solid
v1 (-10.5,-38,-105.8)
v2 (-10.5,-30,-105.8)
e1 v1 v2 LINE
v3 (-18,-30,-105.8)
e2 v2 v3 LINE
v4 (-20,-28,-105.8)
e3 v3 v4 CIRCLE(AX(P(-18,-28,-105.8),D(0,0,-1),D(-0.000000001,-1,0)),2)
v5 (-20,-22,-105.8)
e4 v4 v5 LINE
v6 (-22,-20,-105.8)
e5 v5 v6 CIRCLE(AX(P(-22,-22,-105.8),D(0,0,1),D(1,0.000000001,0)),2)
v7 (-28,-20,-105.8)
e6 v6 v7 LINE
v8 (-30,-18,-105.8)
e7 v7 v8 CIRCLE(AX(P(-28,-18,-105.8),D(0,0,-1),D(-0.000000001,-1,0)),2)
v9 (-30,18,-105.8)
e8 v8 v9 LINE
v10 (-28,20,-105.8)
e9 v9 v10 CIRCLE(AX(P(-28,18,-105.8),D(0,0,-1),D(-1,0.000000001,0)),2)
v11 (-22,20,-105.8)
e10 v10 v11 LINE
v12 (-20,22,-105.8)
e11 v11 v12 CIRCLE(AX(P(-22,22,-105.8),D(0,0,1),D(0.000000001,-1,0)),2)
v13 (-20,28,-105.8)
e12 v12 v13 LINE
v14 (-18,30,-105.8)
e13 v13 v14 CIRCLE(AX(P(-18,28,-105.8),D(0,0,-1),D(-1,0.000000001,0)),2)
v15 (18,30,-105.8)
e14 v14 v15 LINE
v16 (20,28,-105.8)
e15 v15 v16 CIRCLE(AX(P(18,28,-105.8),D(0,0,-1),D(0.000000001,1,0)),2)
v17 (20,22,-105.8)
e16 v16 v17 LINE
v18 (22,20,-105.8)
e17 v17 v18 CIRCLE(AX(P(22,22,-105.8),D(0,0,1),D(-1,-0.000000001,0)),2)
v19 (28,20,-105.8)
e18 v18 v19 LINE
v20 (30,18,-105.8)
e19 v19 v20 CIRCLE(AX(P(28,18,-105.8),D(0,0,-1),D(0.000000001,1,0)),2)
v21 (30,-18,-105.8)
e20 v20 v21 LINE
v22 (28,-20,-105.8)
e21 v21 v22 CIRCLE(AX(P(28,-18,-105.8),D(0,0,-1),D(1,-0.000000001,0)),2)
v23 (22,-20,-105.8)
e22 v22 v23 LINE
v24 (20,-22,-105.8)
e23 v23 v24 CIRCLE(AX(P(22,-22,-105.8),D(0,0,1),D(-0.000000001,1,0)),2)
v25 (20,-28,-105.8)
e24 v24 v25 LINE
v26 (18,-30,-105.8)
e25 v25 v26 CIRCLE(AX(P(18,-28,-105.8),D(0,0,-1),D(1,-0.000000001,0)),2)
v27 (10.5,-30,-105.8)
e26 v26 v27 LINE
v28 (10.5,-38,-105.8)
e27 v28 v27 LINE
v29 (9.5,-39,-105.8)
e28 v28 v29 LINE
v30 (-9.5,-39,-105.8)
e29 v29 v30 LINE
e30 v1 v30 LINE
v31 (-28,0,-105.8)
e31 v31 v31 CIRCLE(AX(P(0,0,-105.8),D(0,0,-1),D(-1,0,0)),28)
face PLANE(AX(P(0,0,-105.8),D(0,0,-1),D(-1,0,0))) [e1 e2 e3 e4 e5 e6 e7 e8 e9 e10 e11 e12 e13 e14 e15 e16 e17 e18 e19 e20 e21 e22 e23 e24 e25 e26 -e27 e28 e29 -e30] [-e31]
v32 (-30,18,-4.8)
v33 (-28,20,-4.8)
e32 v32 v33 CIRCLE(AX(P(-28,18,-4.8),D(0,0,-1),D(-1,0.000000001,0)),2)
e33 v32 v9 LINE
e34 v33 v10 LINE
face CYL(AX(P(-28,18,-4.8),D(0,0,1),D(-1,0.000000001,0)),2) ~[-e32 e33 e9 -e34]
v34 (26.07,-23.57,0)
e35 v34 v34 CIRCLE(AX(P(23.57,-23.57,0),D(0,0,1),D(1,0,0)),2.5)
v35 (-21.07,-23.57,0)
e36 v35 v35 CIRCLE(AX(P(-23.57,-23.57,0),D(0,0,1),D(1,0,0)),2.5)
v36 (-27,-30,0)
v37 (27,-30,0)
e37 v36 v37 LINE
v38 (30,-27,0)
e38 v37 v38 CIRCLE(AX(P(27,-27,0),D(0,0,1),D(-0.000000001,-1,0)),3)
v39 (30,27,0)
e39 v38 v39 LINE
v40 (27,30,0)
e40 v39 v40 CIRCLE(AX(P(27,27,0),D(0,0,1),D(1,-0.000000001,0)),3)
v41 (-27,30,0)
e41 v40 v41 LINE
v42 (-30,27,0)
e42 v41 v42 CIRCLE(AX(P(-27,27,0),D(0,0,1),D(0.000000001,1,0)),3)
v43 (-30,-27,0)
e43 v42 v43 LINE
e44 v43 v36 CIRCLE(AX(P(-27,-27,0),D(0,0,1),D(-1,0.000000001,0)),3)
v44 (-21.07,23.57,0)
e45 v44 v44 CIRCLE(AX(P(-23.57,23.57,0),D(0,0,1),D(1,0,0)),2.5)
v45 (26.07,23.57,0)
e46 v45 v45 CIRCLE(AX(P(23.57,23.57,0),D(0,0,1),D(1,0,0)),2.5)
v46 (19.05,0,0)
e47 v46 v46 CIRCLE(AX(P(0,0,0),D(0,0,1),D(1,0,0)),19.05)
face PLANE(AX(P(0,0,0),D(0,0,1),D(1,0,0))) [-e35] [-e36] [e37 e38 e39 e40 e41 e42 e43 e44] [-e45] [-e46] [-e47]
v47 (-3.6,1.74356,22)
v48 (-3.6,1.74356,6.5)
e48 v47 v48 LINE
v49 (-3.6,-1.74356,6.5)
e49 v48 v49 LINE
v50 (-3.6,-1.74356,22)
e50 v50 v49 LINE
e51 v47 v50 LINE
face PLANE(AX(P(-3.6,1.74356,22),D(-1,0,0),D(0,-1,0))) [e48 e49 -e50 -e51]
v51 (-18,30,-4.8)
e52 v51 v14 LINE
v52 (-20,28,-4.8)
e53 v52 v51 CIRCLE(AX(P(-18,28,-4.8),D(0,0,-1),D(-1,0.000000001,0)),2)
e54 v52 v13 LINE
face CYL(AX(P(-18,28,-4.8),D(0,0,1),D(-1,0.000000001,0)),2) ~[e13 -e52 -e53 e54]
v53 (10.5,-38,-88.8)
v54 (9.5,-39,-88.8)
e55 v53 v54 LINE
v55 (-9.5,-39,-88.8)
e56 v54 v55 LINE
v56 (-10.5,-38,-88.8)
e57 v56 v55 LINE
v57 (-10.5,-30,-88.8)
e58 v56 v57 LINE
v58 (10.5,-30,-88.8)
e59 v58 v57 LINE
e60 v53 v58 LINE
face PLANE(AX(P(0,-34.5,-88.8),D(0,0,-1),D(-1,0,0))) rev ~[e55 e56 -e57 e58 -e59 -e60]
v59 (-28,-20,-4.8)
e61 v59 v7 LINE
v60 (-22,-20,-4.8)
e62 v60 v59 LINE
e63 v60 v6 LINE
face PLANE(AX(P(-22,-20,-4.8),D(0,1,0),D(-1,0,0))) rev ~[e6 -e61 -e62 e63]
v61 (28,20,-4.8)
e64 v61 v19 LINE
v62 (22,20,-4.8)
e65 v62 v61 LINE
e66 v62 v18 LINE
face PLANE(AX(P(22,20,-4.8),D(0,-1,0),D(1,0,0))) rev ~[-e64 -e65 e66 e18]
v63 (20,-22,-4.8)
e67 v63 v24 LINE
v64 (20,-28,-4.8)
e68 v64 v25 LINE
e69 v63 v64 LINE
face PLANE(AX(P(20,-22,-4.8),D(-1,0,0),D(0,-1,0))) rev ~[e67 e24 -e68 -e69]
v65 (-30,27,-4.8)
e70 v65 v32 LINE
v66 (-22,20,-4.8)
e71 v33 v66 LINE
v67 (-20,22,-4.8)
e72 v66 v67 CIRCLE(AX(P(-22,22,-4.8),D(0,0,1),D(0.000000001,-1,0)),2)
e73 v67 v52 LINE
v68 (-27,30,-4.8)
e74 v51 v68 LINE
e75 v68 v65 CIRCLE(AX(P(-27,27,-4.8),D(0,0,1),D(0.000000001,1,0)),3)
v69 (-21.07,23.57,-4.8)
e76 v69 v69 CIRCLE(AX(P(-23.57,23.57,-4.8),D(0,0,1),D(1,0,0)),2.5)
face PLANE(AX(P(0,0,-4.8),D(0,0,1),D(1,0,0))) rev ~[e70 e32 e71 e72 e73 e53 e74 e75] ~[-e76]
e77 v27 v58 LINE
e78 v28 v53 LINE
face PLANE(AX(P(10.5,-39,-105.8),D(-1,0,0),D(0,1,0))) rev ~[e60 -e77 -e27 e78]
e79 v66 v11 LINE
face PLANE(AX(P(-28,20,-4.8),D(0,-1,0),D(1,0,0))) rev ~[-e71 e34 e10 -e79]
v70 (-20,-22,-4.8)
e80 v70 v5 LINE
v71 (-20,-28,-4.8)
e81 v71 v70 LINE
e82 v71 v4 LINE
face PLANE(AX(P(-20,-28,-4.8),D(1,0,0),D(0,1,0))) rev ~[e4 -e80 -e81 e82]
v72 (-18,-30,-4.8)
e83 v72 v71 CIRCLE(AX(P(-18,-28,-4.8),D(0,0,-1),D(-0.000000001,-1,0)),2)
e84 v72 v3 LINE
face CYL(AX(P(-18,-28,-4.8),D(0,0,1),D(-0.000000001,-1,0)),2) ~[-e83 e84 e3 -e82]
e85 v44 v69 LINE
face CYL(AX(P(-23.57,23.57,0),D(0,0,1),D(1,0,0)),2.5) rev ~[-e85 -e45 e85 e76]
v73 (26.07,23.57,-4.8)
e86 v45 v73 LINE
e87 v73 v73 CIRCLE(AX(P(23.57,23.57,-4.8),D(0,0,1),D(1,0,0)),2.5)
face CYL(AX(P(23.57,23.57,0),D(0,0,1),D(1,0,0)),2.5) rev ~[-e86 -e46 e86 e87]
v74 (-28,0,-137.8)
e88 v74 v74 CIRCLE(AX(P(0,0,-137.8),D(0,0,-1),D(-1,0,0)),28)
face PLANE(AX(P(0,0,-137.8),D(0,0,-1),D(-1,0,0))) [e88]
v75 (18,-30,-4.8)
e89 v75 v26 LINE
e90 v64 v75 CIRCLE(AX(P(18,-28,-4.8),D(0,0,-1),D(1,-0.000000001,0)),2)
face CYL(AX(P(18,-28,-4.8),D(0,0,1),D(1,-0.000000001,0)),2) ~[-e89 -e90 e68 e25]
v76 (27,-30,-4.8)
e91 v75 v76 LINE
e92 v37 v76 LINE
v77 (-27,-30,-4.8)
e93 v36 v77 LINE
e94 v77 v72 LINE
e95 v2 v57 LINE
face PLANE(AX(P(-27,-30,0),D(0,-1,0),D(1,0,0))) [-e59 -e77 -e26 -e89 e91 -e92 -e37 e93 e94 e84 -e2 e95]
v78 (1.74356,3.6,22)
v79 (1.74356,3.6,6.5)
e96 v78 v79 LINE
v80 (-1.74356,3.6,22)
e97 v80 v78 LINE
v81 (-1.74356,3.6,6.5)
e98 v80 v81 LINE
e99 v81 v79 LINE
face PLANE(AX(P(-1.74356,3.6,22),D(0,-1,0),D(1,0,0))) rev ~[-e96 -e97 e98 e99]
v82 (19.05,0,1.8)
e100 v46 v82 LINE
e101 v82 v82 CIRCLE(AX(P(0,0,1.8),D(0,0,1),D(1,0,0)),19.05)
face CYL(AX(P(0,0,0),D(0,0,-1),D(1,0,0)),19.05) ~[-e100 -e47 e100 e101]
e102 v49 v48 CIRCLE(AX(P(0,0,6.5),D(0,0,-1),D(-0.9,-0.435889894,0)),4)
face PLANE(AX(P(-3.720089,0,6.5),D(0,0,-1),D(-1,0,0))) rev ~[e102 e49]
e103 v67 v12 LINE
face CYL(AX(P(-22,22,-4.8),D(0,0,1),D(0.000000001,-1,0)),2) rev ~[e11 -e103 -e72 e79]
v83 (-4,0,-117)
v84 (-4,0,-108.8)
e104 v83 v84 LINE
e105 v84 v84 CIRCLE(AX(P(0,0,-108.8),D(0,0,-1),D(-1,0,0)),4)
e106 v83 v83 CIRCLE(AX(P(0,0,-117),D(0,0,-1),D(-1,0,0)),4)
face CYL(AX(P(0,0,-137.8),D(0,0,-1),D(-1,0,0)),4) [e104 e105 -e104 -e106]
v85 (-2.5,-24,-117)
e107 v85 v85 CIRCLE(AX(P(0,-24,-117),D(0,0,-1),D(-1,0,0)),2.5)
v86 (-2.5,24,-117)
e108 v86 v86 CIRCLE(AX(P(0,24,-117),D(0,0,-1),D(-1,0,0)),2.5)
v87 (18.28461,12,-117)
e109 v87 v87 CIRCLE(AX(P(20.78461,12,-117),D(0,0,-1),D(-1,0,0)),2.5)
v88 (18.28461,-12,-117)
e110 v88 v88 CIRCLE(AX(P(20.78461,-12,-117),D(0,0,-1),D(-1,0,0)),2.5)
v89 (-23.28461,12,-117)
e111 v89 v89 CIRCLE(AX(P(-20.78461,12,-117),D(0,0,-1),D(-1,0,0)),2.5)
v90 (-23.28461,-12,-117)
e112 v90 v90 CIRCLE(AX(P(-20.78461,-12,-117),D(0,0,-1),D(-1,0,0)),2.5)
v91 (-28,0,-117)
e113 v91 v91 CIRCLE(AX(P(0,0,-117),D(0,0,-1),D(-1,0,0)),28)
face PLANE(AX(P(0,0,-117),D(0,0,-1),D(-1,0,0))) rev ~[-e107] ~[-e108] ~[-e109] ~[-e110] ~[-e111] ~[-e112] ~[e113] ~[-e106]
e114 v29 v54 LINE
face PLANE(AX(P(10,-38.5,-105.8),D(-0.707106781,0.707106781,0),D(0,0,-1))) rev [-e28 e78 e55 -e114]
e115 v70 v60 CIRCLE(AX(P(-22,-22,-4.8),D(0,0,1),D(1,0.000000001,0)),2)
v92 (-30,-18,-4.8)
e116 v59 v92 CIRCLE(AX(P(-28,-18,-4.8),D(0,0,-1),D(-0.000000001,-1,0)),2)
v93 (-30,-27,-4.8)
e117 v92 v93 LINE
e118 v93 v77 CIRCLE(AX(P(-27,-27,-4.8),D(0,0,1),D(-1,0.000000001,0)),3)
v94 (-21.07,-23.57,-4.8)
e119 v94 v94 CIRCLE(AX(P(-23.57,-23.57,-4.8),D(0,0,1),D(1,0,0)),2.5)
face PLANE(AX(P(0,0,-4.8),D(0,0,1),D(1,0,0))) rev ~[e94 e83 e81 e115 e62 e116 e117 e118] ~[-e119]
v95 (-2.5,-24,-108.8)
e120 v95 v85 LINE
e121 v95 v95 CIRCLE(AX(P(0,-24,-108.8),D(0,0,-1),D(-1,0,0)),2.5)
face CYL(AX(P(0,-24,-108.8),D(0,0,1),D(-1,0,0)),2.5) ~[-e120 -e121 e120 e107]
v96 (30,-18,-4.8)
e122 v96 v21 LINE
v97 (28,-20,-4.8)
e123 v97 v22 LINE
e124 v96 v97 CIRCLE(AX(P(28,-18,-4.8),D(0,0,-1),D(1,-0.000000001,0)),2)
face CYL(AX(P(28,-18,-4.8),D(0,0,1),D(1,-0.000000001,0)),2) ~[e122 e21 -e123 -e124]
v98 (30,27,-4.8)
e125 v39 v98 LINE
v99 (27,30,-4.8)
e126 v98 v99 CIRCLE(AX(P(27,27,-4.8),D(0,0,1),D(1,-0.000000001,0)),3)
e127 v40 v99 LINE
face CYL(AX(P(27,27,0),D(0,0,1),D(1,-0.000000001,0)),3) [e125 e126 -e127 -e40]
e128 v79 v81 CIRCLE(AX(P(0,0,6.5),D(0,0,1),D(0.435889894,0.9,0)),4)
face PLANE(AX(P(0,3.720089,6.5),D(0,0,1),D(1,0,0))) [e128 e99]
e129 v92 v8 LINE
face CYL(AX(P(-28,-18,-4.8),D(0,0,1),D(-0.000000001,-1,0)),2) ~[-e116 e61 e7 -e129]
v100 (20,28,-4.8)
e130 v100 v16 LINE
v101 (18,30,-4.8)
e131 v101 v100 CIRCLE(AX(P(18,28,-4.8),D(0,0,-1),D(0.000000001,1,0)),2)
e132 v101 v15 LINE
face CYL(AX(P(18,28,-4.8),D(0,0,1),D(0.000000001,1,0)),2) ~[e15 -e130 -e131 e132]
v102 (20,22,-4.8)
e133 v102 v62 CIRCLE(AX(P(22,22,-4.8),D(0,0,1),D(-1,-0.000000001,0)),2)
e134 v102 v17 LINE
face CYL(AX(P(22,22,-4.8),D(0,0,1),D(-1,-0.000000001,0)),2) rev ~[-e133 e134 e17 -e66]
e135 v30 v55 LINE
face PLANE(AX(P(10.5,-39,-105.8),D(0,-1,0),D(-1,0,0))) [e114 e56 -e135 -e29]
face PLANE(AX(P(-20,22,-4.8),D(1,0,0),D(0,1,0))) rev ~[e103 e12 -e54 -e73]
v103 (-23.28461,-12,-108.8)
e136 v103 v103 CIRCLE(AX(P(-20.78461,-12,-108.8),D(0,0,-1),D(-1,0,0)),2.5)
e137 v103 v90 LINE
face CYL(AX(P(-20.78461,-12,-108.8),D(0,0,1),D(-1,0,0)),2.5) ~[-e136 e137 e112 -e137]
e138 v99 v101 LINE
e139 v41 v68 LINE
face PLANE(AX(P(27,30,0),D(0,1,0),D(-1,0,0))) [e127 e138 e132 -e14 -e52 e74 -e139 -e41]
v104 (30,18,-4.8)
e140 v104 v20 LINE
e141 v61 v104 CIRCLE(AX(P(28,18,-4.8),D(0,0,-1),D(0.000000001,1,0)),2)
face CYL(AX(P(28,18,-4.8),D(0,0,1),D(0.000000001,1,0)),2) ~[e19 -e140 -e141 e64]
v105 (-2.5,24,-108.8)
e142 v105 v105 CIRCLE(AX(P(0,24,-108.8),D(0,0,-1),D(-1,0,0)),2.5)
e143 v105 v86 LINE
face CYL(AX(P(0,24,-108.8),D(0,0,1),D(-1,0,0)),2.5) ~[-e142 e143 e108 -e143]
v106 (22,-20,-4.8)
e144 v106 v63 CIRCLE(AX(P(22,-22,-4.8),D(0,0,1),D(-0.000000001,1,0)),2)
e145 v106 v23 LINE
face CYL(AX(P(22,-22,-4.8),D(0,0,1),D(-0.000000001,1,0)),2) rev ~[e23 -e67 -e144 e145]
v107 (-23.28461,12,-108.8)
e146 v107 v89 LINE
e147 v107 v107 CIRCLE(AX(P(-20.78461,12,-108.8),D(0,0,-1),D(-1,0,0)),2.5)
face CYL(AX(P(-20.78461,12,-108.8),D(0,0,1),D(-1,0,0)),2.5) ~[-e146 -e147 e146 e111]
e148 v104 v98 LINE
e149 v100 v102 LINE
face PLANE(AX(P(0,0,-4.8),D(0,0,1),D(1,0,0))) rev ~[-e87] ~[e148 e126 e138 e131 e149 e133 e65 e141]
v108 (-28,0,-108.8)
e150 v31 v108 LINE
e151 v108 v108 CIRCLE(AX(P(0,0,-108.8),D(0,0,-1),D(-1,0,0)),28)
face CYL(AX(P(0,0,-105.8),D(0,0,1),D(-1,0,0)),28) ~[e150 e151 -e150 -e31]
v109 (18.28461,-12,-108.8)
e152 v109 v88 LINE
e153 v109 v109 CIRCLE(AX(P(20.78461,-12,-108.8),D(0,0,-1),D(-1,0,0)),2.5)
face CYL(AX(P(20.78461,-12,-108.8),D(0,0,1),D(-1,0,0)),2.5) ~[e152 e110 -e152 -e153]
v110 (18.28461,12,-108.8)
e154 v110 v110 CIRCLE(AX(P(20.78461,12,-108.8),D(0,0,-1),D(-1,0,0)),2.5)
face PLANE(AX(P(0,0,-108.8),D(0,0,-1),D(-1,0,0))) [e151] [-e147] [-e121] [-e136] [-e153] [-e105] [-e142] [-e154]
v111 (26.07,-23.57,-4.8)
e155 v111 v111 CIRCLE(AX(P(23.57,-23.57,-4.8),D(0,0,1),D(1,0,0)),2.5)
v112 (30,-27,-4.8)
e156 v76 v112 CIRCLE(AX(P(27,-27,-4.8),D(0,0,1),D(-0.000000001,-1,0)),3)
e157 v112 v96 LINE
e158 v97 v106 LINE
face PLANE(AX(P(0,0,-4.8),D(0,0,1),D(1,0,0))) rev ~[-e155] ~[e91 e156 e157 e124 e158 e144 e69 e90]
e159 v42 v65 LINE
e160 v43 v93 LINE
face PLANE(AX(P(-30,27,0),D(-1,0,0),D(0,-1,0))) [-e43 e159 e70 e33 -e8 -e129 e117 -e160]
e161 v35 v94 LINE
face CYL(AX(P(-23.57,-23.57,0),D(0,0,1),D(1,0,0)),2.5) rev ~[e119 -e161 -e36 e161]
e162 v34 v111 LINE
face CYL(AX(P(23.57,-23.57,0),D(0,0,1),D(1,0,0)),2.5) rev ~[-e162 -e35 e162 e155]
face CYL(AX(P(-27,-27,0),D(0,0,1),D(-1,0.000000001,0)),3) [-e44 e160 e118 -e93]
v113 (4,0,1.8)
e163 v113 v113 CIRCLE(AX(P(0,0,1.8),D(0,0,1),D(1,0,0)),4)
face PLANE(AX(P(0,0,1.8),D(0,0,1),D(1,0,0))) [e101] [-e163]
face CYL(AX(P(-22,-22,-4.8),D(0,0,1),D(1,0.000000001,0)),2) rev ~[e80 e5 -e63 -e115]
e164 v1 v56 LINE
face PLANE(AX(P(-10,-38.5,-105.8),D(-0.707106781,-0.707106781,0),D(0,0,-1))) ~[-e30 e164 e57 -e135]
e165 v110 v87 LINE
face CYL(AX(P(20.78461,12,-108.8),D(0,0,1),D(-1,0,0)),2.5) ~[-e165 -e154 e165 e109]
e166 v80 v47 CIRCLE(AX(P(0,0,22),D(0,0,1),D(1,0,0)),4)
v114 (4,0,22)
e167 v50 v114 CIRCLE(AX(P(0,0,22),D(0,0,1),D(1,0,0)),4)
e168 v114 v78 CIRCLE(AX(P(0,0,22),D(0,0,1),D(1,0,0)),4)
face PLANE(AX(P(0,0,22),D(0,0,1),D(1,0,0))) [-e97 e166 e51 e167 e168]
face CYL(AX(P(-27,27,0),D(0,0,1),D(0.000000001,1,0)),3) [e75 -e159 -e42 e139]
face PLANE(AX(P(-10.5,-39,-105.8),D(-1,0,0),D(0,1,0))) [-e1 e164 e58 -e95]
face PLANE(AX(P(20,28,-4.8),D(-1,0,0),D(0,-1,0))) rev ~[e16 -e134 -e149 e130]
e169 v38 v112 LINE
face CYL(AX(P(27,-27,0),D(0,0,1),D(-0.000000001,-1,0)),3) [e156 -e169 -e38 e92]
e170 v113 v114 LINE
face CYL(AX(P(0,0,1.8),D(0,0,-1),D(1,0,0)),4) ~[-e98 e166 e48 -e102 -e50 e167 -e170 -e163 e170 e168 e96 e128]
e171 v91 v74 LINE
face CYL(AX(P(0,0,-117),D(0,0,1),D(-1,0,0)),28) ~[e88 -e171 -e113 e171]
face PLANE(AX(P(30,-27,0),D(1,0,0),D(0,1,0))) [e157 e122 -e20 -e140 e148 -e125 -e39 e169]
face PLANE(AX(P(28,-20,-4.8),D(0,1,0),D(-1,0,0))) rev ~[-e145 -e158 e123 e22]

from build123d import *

# Parameters (mm, degrees)
SKETCH1_R           = 2.5
BOSS_EXTRUDE1_DEPTH = 4.8
BOSS_EXTRUDE2_DEPTH = 101
SKETCH4_R           = 19.05
BOSS_EXTRUDE3_DEPTH = 1.8
SKETCH5_R           = 4
BOSS_EXTRUDE4_DEPTH = 20.2
CUT_EXTRUDE1_DEPTH  = 15.5
SKETCH8_R           = 28
BOSS_EXTRUDE5_DEPTH = 3
SKETCH9_R           = 2.5
BOSS_EXTRUDE6_DEPTH = 8.2
SKETCH10_R          = 28
BOSS_EXTRUDE7_DEPTH = 20.8
SKETCH11_W          = 21
SKETCH11_H          = 9
BOSS_EXTRUDE8_DEPTH = 17
CHAMFER1_SIZE       = 1
SKETCH12_R          = 4
BOSS_EXTRUDE9_DEPTH = 29


with BuildPart() as part:
    # Sketch1 → Boss-Extrude1 (new body)
    with BuildSketch(Plane.XY):
        with BuildLine():
            Line((-27, -30), (27, -30))
            ThreePointArc((27, -30), (29.121320344, -29.121320344), (30, -27))
            Line((30, -27), (30, 27))
            ThreePointArc((30, 27), (29.121320344, 29.121320344), (27, 30))
            Line((27, 30), (-27, 30))
            ThreePointArc((-27, 30), (-29.121320344, 29.121320344), (-30, 27))
            Line((-30, 27), (-30, -27))
            ThreePointArc((-30, -27), (-29.121320344, -29.121320344), (-27, -30))
        make_face()
        with Locations((-23.57, 23.57)):
            Circle(SKETCH1_R, mode=Mode.SUBTRACT)
        with Locations((23.57, 23.57)):
            Circle(SKETCH1_R, mode=Mode.SUBTRACT)
        with Locations((23.57, -23.57)):
            Circle(SKETCH1_R, mode=Mode.SUBTRACT)
        with Locations((-23.57, -23.57)):
            Circle(SKETCH1_R, mode=Mode.SUBTRACT)
    extrude(amount=-BOSS_EXTRUDE1_DEPTH)

    # Sketch3 → Boss-Extrude2 (add)
    with BuildSketch(Plane(origin=(0, 0, -4.8), x_dir=(-1, 0, 0), z_dir=(0, 0, -1))):
        with BuildLine():
            Line((18, 30), (-18, 30))
            ThreePointArc((-18, 30), (-19.414213562, 29.414213562), (-20, 28))
            Line((-20, 28), (-20, 22))
            ThreePointArc((-20, 22), (-20.585786438, 20.585786438), (-22, 20))
            Line((-22, 20), (-28, 20))
            ThreePointArc((-28, 20), (-29.414213562, 19.414213562), (-30, 18))
            Line((-30, 18), (-30, -18))
            ThreePointArc((-30, -18), (-29.414213562, -19.414213562), (-28, -20))
            Line((-28, -20), (-22, -20))
            ThreePointArc((-22, -20), (-20.585786438, -20.585786438), (-20, -22))
            Line((-20, -22), (-20, -28))
            ThreePointArc((-20, -28), (-19.414213562, -29.414213562), (-18, -30))
            Line((-18, -30), (18, -30))
            ThreePointArc((18, -30), (19.414213562, -29.414213562), (20, -28))
            Line((20, -28), (20, -22))
            ThreePointArc((20, -22), (20.585786438, -20.585786438), (22, -20))
            Line((22, -20), (28, -20))
            ThreePointArc((28, -20), (29.414213562, -19.414213562), (30, -18))
            Line((30, -18), (30, 18))
            ThreePointArc((30, 18), (29.414213562, 19.414213562), (28, 20))
            Line((28, 20), (22, 20))
            ThreePointArc((22, 20), (20.585786438, 20.585786438), (20, 22))
            Line((20, 22), (20, 28))
            ThreePointArc((20, 28), (19.414213562, 29.414213562), (18, 30))
        make_face()
    extrude(amount=BOSS_EXTRUDE2_DEPTH)

    # Sketch4 → Boss-Extrude3 (add)
    with BuildSketch(Plane.XY):
        Circle(SKETCH4_R)
    extrude(amount=BOSS_EXTRUDE3_DEPTH)

    # Sketch5 → Boss-Extrude4 (add)
    with BuildSketch(Plane.XY.offset(1.8)):
        Circle(SKETCH5_R)
    extrude(amount=BOSS_EXTRUDE4_DEPTH)

    # Sketch7 → Cut-Extrude1 (cut)
    with BuildSketch(Plane.XY.offset(22)):
        with BuildLine():
            Line((-1.743559577, 3.6), (1.743559577, 3.6))
            ThreePointArc((1.743559577, 3.6), (0, 4), (-1.743559577, 3.6))
        make_face()
        with BuildLine():
            Line((-3.6, 1.743559577), (-3.6, -1.743559577))
            ThreePointArc((-3.6, -1.743559577), (-4, 0), (-3.6, 1.743559577))
        make_face()
    extrude(amount=-CUT_EXTRUDE1_DEPTH, mode=Mode.SUBTRACT)

    # Sketch8 → Boss-Extrude5 (add)
    with BuildSketch(Plane(origin=(0, 0, -105.8), x_dir=(-1, 0, 0), z_dir=(0, 0, -1))):
        Circle(SKETCH8_R)
    extrude(amount=BOSS_EXTRUDE5_DEPTH)

    # Sketch9 → Boss-Extrude6 (add)
    with BuildSketch(Plane(origin=(0, 0, -108.8), x_dir=(-1, 0, 0), z_dir=(0, 0, -1))):
        with Locations((0, 24)):
            Circle(SKETCH9_R)
        with Locations((20.784609691, 12)):
            Circle(SKETCH9_R)
        with Locations((20.784609691, -12)):
            Circle(SKETCH9_R)
        with Locations((0, -24)):
            Circle(SKETCH9_R)
        with Locations((-20.784609691, -12)):
            Circle(SKETCH9_R)
        with Locations((-20.784609691, 12)):
            Circle(SKETCH9_R)
    extrude(amount=BOSS_EXTRUDE6_DEPTH)

    # Sketch10 → Boss-Extrude7 (add)
    with BuildSketch(Plane(origin=(0, 0, -117), x_dir=(-1, 0, 0), z_dir=(0, 0, -1))):
        Circle(SKETCH10_R)
    extrude(amount=BOSS_EXTRUDE7_DEPTH)

    # Sketch11 → Boss-Extrude8 (add)
    with BuildSketch(Plane(origin=(0, 0, -105.8), x_dir=(-1, 0, 0), z_dir=(0, 0, -1))):
        with Locations((0, -34.5)):
            Rectangle(SKETCH11_W, SKETCH11_H)
    extrude(amount=-BOSS_EXTRUDE8_DEPTH)

    # Chamfer1
    chamfer1_edges = [part.edges().sort_by_distance(p)[0] for p in [
        (10.5, -39, -97.3),
        (-10.5, -39, -97.3),
    ]]
    chamfer(chamfer1_edges, length=CHAMFER1_SIZE)

    # Sketch12 → Boss-Extrude9 (add)
    with BuildSketch(Plane(origin=(0, 0, -137.8), x_dir=(-1, 0, 0), z_dir=(0, 0, -1))):
        Circle(SKETCH12_R)
    extrude(amount=-BOSS_EXTRUDE9_DEPTH)


solid = part.part
